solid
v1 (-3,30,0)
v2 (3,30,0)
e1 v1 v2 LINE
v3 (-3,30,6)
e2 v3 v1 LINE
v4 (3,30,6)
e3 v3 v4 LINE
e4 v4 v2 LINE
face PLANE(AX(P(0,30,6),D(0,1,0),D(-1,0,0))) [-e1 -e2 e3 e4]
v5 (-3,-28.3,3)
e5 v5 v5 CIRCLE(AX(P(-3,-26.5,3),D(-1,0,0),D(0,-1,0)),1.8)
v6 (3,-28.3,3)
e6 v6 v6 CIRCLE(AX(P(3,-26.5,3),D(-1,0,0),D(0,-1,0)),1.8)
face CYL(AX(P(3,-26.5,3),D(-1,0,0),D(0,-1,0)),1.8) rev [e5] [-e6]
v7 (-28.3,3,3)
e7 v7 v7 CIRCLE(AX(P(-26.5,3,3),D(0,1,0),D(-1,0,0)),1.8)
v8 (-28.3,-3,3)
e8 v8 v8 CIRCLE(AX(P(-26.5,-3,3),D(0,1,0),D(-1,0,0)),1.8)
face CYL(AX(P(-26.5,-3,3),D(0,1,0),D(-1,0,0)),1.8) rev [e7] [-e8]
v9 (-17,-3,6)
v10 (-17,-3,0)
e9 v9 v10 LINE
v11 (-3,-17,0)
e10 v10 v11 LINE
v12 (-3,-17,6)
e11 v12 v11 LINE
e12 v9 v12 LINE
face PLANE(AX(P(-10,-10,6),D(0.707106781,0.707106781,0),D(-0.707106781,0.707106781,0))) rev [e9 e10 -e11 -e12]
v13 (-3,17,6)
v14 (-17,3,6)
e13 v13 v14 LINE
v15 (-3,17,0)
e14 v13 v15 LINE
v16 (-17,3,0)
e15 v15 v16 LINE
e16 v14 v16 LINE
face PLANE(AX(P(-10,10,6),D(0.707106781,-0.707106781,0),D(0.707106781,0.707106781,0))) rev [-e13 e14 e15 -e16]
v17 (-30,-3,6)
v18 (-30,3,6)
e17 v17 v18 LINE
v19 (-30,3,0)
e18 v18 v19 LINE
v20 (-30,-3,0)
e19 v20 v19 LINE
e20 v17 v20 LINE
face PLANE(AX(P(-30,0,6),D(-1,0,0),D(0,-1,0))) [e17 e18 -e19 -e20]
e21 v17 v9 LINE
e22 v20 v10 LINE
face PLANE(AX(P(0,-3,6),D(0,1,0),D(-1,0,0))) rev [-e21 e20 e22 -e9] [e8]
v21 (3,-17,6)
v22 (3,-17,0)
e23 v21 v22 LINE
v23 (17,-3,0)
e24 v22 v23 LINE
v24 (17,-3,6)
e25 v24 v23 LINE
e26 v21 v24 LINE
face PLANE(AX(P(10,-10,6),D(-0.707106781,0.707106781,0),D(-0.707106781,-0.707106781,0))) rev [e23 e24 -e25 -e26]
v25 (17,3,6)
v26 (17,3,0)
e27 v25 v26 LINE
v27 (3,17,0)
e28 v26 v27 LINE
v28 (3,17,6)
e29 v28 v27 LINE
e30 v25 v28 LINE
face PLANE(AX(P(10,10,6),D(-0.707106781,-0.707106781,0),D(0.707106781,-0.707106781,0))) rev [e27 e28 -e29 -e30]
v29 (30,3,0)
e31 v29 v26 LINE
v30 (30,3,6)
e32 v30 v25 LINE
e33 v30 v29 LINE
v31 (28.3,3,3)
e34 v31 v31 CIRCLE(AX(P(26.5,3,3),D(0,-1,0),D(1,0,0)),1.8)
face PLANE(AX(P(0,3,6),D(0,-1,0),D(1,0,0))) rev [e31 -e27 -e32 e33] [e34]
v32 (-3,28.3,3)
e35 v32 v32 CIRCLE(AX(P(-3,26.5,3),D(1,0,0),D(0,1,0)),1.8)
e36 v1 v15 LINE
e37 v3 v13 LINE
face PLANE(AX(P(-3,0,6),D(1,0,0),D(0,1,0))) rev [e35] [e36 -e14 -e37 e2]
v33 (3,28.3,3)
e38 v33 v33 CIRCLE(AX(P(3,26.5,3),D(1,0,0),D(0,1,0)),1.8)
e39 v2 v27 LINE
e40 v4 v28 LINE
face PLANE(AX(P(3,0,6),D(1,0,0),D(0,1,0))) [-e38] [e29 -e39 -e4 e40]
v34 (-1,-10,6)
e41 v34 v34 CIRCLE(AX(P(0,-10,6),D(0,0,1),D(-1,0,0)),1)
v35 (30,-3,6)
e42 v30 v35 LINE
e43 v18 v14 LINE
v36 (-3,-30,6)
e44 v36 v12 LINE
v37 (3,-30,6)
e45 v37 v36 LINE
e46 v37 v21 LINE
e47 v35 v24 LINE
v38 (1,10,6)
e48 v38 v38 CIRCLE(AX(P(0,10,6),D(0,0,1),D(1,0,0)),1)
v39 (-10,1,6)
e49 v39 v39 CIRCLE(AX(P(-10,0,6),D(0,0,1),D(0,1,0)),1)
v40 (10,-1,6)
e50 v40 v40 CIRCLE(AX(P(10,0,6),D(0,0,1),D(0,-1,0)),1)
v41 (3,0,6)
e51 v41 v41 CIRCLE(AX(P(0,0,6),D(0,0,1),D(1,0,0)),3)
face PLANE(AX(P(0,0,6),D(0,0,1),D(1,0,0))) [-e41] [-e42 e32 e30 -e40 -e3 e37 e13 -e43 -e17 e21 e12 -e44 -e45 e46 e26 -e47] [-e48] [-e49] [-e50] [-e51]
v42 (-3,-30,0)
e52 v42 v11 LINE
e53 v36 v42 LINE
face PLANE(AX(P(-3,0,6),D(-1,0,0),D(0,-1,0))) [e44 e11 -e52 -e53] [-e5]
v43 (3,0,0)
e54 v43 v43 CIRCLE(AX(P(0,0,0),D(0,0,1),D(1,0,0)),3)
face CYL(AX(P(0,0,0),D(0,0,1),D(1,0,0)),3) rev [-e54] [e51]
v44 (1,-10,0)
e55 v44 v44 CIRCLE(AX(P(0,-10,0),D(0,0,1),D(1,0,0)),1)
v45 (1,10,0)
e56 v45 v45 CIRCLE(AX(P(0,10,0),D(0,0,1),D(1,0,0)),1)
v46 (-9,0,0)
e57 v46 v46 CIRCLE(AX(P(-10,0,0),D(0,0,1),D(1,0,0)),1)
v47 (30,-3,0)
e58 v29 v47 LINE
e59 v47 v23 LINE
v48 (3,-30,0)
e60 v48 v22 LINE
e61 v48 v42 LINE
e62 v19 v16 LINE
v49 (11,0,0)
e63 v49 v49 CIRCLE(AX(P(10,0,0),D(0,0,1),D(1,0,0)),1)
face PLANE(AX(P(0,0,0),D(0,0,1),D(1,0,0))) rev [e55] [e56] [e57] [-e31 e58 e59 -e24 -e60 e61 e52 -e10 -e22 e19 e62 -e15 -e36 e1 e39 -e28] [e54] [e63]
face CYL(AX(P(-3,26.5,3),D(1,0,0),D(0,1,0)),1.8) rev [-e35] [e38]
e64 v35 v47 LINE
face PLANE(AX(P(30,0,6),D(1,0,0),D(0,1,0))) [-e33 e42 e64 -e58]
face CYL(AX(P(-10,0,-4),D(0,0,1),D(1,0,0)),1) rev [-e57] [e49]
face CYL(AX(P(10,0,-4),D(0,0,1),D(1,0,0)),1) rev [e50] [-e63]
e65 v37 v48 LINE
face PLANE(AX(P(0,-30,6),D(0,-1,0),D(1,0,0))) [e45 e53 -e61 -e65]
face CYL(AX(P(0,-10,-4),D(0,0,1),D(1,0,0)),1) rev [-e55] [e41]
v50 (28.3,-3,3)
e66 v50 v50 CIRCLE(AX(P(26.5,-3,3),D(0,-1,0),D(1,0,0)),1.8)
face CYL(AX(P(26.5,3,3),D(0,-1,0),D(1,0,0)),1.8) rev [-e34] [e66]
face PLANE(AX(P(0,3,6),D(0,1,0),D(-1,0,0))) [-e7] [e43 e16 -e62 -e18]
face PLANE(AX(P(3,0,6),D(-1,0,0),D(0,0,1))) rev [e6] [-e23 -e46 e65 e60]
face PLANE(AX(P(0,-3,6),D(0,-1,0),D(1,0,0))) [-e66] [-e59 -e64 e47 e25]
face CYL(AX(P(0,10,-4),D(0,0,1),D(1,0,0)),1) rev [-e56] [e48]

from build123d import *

# Parameters (mm, degrees)
BOSS_EXTRUDE1_DEPTH = 6
SKETCH2_R           = 1.8
CUT_EXTRUDE1_DEPTH  = 6
CIRPATTERN1_COUNT   = 4
SKETCH3_R           = 3
CUT_EXTRUDE2_DEPTH  = 7
SKETCH4_R           = 1
CUT_EXTRUDE3_DEPTH  = 10
CIRPATTERN2_COUNT   = 4


with BuildPart() as part:
    # Sketch1 → Boss-Extrude1 (new body)
    with BuildSketch(Plane.XY):
        Polygon((3, -30), (-3, -30), (-3, -17), (-17, -3), (-30, -3), (-30, 3), (-17, 3), (-3, 17), (-3, 30), (3, 30), (3, 17), (17, 3), (30, 3), (30, -3), (17, -3), (3, -17), align=None)
    extrude(amount=BOSS_EXTRUDE1_DEPTH)

    # Sketch2 → Cut-Extrude1 (cut)
    with BuildSketch(Plane(origin=(3, 0, 0), x_dir=(0, 0, -1), z_dir=(1, 0, 0))):
        with Locations((-3, 26.5)):
            Circle(SKETCH2_R)
    cut_extrude1 = extrude(amount=-CUT_EXTRUDE1_DEPTH, mode=Mode.SUBTRACT)

    # CirPattern1: Cut-Extrude1 ×4 about axis
    cirpattern1_axis = Axis((0, 0, 0), (0, 0, 1))
    for i in range(1, CIRPATTERN1_COUNT):
        add(cut_extrude1.rotate(cirpattern1_axis, i * 360 / CIRPATTERN1_COUNT), mode=Mode.SUBTRACT)

    # Sketch3 → Cut-Extrude2 (cut, through all)
    with BuildSketch(Plane.XY.offset(6)):
        Circle(SKETCH3_R)
    extrude(amount=-CUT_EXTRUDE2_DEPTH, mode=Mode.SUBTRACT)

    # Sketch4 → Cut-Extrude3 (cut)
    with BuildSketch(Plane.XY.offset(6)):
        with Locations((0, 10)):
            Circle(SKETCH4_R)
    cut_extrude3 = extrude(amount=-CUT_EXTRUDE3_DEPTH, mode=Mode.SUBTRACT)

    # CirPattern2: Cut-Extrude3 ×4 about axis
    cirpattern2_axis = Axis((0, 0, 0), (0, 0, 1))
    for i in range(1, CIRPATTERN2_COUNT):
        add(cut_extrude3.rotate(cirpattern2_axis, i * 360 / CIRPATTERN2_COUNT), mode=Mode.SUBTRACT)


solid = part.part
